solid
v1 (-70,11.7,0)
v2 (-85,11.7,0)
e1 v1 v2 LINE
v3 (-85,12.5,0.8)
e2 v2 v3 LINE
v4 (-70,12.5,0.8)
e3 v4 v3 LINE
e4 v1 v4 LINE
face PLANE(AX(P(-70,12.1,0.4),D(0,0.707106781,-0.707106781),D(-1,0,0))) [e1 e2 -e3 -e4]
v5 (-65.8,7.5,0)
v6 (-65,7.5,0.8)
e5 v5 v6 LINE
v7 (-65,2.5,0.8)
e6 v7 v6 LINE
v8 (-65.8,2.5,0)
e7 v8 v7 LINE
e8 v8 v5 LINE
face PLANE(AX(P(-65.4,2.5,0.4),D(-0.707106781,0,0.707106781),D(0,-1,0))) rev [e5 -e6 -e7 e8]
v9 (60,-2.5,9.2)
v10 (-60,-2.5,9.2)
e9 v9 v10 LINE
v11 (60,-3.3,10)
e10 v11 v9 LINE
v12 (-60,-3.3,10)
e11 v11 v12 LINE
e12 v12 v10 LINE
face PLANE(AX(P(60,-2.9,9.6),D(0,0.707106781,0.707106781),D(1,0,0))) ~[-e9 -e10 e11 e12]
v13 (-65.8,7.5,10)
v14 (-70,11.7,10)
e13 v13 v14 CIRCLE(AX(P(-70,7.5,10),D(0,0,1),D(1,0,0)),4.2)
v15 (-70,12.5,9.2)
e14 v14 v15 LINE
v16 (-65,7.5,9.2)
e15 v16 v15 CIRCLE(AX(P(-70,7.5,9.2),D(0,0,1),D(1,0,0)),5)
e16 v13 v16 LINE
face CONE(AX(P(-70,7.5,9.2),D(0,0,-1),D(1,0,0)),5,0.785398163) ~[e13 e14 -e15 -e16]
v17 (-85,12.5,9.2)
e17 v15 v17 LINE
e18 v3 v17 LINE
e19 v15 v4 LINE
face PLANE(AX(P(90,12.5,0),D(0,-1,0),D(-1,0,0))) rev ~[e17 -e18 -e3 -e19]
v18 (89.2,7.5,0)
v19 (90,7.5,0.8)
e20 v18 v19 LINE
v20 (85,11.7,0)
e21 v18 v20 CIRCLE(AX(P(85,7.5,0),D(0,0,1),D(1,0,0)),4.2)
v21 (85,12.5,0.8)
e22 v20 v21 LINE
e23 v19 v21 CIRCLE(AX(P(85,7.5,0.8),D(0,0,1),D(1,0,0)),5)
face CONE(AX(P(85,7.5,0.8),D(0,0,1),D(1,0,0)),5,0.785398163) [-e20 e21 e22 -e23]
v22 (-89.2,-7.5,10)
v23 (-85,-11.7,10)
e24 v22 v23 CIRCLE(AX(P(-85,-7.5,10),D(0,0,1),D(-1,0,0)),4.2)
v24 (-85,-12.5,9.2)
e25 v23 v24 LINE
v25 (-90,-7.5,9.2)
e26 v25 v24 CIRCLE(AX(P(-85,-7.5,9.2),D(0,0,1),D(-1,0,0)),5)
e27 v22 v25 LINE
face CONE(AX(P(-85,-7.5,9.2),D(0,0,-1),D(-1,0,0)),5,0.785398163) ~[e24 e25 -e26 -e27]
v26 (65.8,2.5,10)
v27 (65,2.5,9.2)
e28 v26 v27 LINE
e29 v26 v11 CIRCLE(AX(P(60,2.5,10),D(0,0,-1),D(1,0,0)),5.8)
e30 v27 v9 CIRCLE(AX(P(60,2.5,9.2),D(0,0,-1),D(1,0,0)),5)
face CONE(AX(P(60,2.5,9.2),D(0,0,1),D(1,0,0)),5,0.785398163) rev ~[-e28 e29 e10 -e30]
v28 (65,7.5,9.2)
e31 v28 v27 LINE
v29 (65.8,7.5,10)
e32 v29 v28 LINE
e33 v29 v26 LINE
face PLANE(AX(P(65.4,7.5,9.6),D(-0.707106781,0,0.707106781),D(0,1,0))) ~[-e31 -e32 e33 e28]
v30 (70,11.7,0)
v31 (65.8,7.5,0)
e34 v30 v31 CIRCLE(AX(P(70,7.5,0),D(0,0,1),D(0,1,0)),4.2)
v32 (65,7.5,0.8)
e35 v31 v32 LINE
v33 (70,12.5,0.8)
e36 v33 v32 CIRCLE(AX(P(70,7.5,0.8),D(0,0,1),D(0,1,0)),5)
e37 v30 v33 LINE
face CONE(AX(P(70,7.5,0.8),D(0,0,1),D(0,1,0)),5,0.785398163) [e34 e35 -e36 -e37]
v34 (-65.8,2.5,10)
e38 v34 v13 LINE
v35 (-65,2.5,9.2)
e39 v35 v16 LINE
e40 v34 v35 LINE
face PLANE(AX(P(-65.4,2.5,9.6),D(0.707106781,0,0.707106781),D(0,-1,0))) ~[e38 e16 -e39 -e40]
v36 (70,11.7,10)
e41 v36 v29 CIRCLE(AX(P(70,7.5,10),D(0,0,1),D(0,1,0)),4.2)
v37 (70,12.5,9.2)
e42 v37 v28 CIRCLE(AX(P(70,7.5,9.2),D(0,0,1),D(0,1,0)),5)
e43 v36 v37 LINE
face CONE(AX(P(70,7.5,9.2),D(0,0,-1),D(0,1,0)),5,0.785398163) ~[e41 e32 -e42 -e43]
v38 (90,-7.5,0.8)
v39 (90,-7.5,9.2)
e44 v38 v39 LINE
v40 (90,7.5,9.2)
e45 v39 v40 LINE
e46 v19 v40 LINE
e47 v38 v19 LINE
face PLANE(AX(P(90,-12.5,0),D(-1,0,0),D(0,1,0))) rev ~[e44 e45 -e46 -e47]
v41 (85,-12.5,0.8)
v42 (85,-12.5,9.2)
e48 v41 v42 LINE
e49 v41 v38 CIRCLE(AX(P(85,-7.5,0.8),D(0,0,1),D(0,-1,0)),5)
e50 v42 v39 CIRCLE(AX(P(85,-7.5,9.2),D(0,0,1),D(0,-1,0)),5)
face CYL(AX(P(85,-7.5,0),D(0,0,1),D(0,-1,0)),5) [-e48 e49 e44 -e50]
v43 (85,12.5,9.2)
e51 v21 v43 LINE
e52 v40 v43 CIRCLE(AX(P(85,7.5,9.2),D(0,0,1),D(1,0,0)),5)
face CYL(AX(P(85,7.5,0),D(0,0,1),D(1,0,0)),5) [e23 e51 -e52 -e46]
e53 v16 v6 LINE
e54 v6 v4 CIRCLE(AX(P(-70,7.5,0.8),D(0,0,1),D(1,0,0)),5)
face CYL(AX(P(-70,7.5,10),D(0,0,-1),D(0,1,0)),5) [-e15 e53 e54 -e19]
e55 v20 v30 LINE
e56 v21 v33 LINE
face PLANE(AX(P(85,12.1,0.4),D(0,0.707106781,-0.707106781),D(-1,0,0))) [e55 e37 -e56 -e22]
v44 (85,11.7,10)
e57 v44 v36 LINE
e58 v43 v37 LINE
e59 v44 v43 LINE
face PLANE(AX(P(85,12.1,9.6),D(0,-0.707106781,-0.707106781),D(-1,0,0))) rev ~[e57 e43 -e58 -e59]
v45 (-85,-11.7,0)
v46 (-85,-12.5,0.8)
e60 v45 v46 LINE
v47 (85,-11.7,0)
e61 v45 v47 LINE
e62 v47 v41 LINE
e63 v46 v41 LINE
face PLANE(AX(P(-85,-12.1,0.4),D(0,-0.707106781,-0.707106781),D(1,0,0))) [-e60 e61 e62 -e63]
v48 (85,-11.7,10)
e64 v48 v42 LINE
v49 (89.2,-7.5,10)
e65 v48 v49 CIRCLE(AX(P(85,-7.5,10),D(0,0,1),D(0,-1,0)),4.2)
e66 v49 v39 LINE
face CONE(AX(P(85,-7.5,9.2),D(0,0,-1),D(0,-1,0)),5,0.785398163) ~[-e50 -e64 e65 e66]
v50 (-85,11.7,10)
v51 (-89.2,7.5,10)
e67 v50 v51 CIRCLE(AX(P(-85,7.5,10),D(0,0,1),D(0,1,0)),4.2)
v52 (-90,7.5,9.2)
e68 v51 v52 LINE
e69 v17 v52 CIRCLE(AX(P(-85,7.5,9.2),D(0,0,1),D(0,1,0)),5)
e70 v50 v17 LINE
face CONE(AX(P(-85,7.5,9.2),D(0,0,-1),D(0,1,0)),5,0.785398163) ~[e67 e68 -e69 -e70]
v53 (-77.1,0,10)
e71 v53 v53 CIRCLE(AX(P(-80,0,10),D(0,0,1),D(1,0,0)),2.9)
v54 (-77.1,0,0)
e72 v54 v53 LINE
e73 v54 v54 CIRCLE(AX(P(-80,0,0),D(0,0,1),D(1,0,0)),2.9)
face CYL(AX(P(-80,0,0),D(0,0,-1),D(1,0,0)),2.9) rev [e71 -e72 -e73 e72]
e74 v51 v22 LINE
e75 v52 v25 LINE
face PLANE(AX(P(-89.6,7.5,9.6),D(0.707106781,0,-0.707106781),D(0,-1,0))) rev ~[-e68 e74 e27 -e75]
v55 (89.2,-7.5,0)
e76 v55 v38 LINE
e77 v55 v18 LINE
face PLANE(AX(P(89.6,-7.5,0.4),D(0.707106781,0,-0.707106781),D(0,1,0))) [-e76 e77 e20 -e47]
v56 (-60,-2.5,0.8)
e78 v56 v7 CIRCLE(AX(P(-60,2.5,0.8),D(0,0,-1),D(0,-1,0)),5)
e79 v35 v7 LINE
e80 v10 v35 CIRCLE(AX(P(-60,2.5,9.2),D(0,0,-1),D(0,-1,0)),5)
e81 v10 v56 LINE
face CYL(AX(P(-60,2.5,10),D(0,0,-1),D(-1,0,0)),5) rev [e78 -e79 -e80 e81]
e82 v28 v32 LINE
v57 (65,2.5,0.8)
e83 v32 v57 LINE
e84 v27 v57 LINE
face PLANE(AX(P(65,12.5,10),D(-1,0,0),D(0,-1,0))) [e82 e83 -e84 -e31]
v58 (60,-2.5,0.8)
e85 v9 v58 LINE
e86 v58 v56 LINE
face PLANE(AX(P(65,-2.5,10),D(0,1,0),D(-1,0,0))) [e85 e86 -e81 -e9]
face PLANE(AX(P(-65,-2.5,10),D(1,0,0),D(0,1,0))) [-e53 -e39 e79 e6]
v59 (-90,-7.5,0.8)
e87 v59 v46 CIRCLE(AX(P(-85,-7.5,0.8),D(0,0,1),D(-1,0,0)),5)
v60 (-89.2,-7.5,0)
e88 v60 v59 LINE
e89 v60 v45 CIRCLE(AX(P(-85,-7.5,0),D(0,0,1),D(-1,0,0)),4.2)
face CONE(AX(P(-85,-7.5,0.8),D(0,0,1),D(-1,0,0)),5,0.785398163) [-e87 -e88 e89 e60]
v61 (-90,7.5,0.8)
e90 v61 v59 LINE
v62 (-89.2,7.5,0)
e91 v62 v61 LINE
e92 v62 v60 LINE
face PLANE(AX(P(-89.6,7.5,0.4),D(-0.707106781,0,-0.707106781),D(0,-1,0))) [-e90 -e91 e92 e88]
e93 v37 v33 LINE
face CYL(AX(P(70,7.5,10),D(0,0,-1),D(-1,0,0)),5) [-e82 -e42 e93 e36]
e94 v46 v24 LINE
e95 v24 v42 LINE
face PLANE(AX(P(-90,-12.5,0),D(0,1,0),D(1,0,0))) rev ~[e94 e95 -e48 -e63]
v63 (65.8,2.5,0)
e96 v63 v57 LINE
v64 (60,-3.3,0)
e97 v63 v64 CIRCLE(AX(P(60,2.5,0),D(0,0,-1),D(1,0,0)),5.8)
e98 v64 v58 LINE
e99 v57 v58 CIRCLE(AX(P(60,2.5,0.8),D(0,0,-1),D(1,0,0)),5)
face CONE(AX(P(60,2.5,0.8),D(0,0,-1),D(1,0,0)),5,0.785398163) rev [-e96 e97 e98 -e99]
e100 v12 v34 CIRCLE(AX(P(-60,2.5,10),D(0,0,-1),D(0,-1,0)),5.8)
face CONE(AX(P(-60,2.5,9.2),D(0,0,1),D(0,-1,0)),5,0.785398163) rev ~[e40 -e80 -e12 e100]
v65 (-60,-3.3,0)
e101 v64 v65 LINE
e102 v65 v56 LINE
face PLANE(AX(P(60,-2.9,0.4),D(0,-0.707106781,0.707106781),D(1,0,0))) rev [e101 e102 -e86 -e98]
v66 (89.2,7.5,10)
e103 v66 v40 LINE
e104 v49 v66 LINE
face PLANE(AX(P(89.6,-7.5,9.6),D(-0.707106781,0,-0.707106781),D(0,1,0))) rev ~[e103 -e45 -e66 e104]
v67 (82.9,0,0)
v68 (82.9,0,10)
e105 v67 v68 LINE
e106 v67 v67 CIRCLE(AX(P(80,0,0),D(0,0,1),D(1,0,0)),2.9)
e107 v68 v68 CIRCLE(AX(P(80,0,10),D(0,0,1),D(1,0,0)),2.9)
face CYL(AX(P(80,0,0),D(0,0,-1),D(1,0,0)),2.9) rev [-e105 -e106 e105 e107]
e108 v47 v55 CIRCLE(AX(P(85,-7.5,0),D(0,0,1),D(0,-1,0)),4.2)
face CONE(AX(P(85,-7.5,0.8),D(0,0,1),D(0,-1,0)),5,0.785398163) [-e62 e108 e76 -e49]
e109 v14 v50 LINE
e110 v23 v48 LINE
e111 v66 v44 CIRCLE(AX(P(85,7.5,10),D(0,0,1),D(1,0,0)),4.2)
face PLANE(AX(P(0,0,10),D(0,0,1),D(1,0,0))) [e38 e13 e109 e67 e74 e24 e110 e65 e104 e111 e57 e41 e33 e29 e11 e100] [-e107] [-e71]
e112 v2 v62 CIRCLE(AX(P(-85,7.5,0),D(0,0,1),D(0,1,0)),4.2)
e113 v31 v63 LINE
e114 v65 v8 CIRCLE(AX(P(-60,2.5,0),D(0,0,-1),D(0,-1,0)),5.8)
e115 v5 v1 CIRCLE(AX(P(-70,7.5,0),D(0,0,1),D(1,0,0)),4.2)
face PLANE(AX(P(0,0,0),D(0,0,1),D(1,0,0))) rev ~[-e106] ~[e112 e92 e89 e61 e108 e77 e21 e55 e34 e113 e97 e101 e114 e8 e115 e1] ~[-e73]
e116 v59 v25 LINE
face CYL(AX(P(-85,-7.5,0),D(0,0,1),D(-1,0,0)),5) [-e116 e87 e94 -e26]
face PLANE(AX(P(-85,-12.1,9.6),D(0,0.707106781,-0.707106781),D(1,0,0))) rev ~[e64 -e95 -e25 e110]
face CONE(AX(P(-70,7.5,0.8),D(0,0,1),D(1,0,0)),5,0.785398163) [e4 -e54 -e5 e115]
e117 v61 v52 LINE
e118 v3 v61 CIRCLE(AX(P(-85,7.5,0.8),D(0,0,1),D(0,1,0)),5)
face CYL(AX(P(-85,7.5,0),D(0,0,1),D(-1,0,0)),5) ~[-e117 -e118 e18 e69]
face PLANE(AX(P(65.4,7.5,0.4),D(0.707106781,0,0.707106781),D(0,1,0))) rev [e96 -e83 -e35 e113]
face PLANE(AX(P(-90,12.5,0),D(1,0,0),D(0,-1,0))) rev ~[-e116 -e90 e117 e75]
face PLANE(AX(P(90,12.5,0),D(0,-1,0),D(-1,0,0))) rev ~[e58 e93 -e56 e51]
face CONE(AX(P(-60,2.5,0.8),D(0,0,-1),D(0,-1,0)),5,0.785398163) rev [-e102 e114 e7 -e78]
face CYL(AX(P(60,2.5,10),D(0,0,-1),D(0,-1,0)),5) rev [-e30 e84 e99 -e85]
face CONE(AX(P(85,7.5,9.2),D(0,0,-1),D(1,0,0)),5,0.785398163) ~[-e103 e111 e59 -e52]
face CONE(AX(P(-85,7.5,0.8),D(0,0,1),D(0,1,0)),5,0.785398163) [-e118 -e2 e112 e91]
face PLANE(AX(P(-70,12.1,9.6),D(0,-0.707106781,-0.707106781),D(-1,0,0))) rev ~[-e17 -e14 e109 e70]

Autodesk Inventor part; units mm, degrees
ref_plane "YZ Plane" through (0, 0, 0) normal (1, 0, 0) x (0, 1, 0)
ref_plane "XZ Plane" through (0, 0, 0) normal (0, 1, 0) x (-1, 0, 0)
ref_plane "XY Plane" through (0, 0, 0) normal (0, 0, 1) x (1, 0, 0)
sketch "Sketch1" plane through (0, 0, 0) normal (0, 0, 1) x (1, 0, 0)
  line L0 (-90, -12.5) -> (90, -12.5)
  line L1 (90, -12.5) -> (90, 12.5)
  line L2 (90, 12.5) -> (-90, 12.5)
  line L3 (-90, 12.5) -> (-90, -12.5)
  line L4 (-90, -12.5) -> (90, 12.5) construction
  line L5 (90, -12.5) -> (-90, 12.5) construction
  line L6 (-246.96, 0) -> (246.96, 0) construction
  circle A0 centre (-80, 0) radius 2.9
  line L7 (0, 17.5) -> (0, -17.5) construction
  line L8 (246.96, 0) -> (-246.96, 0) construction
  circle A1 centre (80, 0) radius 2.9
  point P0 (0, 0)
  dimension "d0" = 25
  dimension "d1" = 180
  dimension "d2" = 5.8
  dimension "d3" = 160
extrude "Extrusion1" add sketch "Sketch1" along normal blind 10
sketch "Sketch2" plane through (0, 0, 10) normal (0, 0, 1) x (1, 0, 0)
  line L0 (90, 12.5) -> (-90, 12.5) projected
  line L1 (-65, 12.5) -> (65, 12.5)
  line L2 (65, 12.5) -> (65, -2.5)
  line L3 (65, -2.5) -> (-65, -2.5)
  line L4 (-65, -2.5) -> (-65, 12.5)
  line L5 (-90, 12.5) -> (-90, -12.5) projected
  line L6 (90, -12.5) -> (90, 12.5) projected
  line L7 (-90, -12.5) -> (90, -12.5) projected
  point P0 (0, 0)
  dimension "d6" = 25
  dimension "d7" = 25
  dimension "d8" = 10
extrude "Extrusion2" cut sketch "Sketch2" against normal through all contours L2 L3 L4 L0
fillet "Fillet1" radius 5 8 edges at (-65, -2.5, 5) (-65, 12.5, 5) (-90, 12.5, 5) (-90, -12.5, 5) (90, -12.5, 5) (90, 12.5, 5) (65, 12.5, 5) (65, -2.5, 5)
chamfer "Chamfer1" distance 0.8 angle 45 32 edges at (0, -2.5, 0) (63.5355, -1.0355, 0) (65, 5, 0) (66.4645, 11.0355, 0) (77.5, 12.5, 0) (88.5355, 11.0355, 0) (90, 0, 0) (88.5355, -11.0355, 0) (0, -12.5, 0) (-88.5355, -11.0355, 0) (-90, 0, 0) (-88.5355, 11.0355, 0) (-77.5, 12.5, 0) (-66.4645, 11.0355, 0) (-65, 5, 0) (-63.5355, -1.0355, 0) (0, -2.5, 10) (-63.5355, -1.0355, 10) (-65, 5, 10) (-66.4645, 11.0355, 10) (-77.5, 12.5, 10) (-88.5355, 11.0355, 10) (-90, 0, 10) (-88.5355, -11.0355, 10) (0, -12.5, 10) (88.5355, -11.0355, 10) (90, 0, 10) (88.5355, 11.0355, 10) (77.5, 12.5, 10) (66.4645, 11.0355, 10) (65, 5, 10) (63.5355, -1.0355, 10)
properties part number "DisplayHolder_3DPrint"
